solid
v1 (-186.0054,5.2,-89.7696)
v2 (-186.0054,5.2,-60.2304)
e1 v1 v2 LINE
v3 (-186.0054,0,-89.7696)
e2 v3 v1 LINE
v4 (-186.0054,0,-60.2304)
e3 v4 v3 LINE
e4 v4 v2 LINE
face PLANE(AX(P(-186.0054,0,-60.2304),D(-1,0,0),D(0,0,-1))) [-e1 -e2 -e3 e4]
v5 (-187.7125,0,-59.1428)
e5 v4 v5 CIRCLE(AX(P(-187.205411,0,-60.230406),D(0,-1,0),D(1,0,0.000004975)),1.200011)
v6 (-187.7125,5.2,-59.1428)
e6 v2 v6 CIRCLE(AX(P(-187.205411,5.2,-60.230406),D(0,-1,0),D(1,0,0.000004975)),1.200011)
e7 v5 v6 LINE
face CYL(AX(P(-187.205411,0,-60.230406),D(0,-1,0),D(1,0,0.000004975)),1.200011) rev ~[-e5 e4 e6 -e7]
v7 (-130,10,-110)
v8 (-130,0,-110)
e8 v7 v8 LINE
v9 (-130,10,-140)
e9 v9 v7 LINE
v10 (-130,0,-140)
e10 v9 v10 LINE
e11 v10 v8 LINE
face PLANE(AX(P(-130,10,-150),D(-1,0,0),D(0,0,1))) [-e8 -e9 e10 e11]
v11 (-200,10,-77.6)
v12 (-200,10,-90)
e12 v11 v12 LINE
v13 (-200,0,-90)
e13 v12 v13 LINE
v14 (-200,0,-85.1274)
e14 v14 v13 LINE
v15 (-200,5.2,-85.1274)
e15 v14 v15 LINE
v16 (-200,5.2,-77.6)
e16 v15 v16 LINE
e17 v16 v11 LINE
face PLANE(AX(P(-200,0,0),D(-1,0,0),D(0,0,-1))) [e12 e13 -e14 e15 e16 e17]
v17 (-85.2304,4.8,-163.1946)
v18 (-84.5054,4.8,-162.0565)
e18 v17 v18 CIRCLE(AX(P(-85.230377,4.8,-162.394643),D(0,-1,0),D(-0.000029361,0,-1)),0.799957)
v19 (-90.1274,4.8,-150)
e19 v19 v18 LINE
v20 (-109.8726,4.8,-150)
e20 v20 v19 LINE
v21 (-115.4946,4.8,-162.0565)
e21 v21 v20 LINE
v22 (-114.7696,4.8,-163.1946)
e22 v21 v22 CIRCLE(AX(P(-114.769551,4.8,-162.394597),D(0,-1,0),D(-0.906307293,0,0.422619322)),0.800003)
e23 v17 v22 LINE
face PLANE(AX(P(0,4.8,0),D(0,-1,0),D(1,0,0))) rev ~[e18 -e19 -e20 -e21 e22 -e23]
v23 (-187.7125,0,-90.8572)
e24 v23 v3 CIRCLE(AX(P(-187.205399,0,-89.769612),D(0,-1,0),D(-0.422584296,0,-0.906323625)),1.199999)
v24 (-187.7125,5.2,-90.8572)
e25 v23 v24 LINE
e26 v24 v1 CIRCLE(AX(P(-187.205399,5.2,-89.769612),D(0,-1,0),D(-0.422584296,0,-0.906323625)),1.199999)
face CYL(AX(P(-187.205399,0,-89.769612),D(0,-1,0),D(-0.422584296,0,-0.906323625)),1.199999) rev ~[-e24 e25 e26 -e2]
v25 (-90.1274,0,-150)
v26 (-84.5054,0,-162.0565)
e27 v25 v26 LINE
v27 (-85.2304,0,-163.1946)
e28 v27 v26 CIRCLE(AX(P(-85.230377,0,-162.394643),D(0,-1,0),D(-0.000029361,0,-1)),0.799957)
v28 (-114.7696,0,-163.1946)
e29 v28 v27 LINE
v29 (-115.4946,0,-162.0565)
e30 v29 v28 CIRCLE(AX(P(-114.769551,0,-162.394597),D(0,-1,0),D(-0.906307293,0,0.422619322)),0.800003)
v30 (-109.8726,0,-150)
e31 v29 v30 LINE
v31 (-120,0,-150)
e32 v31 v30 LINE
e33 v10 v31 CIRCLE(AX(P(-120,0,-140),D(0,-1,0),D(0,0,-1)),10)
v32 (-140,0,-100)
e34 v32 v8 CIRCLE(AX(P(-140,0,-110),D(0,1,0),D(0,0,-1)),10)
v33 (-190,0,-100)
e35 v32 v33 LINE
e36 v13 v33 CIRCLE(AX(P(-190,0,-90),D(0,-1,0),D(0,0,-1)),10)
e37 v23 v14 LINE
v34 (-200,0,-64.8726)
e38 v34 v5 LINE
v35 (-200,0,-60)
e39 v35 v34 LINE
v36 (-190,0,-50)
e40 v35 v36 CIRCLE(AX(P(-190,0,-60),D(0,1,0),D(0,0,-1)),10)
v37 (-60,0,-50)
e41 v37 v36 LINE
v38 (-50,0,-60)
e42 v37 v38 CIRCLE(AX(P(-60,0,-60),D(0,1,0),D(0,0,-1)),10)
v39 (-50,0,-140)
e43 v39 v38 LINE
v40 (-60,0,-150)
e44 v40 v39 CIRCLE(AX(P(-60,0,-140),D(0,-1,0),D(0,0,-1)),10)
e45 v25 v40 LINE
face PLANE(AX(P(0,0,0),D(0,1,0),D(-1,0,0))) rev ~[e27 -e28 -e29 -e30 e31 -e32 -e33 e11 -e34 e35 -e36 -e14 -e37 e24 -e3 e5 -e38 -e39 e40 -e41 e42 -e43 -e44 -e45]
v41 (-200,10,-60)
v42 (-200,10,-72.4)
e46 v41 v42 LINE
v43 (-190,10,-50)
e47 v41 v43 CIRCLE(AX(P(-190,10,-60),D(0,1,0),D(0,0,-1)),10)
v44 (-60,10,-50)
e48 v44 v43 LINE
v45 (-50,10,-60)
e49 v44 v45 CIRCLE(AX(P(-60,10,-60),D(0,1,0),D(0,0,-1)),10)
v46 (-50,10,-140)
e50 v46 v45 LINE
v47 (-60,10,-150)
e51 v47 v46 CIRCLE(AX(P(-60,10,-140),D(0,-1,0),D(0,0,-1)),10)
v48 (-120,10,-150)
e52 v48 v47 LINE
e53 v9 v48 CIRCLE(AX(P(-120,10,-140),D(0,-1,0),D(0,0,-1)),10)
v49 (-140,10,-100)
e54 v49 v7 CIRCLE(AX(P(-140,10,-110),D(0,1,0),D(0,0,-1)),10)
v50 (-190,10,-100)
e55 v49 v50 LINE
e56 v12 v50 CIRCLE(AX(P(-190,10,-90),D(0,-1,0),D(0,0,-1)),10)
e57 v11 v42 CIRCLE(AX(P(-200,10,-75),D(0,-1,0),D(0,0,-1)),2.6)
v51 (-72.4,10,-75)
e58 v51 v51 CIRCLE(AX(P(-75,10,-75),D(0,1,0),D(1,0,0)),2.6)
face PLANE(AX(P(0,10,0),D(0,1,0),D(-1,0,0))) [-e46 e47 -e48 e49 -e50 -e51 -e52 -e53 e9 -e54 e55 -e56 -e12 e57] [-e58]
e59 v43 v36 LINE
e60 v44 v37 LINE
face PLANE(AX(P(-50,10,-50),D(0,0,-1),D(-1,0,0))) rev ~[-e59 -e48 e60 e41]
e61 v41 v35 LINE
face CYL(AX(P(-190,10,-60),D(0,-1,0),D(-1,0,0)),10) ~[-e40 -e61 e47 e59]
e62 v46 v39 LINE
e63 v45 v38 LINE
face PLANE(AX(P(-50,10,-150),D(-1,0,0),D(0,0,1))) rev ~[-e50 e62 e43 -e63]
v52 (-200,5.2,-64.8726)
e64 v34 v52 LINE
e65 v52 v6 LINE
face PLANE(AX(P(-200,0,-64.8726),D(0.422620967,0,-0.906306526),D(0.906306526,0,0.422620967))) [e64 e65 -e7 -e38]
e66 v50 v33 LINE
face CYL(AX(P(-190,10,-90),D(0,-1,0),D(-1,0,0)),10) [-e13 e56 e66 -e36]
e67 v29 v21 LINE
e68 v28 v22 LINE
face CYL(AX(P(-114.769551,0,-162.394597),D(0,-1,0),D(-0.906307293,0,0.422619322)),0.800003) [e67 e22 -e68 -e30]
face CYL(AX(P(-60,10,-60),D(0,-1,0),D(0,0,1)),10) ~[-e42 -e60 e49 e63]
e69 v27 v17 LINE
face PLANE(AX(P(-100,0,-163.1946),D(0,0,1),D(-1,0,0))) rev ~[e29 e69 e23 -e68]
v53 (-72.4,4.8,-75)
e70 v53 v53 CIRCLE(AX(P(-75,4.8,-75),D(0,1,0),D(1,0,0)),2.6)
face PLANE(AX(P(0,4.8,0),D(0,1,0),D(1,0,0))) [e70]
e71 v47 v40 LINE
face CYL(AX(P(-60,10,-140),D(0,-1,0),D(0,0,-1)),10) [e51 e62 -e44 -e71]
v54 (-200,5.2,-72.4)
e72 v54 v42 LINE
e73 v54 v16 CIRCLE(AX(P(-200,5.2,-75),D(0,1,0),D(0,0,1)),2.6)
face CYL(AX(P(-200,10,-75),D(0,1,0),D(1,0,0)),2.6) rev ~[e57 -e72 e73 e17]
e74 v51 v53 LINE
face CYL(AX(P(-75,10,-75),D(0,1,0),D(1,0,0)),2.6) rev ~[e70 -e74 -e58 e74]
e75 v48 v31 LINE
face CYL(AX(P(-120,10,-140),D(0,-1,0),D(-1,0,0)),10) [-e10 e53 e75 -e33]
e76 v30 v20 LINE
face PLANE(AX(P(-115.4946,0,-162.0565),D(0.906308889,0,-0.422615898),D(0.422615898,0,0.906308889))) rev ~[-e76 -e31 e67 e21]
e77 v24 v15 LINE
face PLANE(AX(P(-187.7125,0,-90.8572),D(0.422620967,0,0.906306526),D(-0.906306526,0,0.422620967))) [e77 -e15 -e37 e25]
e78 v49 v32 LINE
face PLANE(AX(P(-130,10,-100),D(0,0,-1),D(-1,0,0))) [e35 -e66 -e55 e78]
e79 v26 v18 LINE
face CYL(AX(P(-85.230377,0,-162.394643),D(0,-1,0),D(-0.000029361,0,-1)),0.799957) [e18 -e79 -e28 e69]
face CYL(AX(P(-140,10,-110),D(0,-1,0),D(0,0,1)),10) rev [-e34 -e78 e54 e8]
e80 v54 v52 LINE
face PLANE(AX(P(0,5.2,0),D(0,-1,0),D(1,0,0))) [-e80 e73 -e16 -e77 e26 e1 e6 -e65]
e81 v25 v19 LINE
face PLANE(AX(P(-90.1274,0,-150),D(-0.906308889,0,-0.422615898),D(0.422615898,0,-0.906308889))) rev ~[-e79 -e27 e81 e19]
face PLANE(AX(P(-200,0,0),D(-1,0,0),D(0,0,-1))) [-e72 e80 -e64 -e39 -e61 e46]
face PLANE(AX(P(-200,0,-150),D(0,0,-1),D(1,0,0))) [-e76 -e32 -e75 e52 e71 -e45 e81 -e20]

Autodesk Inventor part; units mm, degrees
ref_plane "YZ Plane" through (0, 0, 0) normal (1, 0, 0) x (0, 1, 0)
ref_plane "XZ Plane" through (0, 0, 0) normal (0, 1, 0) x (-1, 0, 0)
ref_plane "XY Plane" through (0, 0, 0) normal (0, 0, 1) x (1, 0, 0)
sketch "Sketch1" plane through (0, 0, 0) normal (0, 1, 0) x (-1, 0, 0)
  line L0 (0, 0) -> (200, 0)
  line L1 (200, 0) -> (200, -150)
  line L2 (200, -150) -> (0, -150)
  line L3 (0, -150) -> (0, 0)
  dimension "d0" = 200
  dimension "d1" = 150
extrude "Extrusion1" add sketch "Sketch1" along normal blind 10
sketch "Sketch2" plane through (0, 0, 0) normal (0, -1, 0) x (1, 0, 0)
  line L0 (-199.8, -85) -> (-186.3697, -85) construction
  line L1 (-187.7125, -90.8572) -> (-200, -85.1274)
  line L2 (-200, -85.1274) -> (-200, -64.8726)
  line L3 (-200, -64.8726) -> (-187.7125, -59.1428)
  arc A0 (-186.0054, -60.2304) -> (-187.7125, -59.1428) centre (-187.2054, -60.2304) ccw
  line L4 (-186.0054, -60.2304) -> (-186.0054, -75)
  line L5 (-186.0054, -75) -> (-186.0054, -89.7696)
  arc A1 (-187.7125, -90.8572) -> (-186.0054, -89.7696) centre (-187.2054, -89.7696) ccw
  line L6 (-200, -150) -> (-200, 0) projected
  point P0 (0, 0)
  point P1 (-186.2054, -91.3393)
  point P2 (-200, -75)
  point P3 (-200, -75)
  dimension "d4" = 15
extrude "Extrusion2" cut sketch "Sketch2" against normal blind 5.2
sketch "Sketch3" plane through (0, 0, 0) normal (0, -1, 0) x (1, 0, 0)
  line L0 (-110, -149.8) -> (-110, -163.2303) construction
  line L1 (-100, -163.1946) -> (-114.7696, -163.1946)
  arc A0 (-115.4946, -162.0565) -> (-114.7696, -163.1946) centre (-114.7696, -162.3946) ccw
  line L2 (-115.4946, -162.0565) -> (-109.8726, -150)
  line L3 (-109.8726, -150) -> (-90.1274, -150)
  line L4 (-90.1274, -150) -> (-84.5054, -162.0565)
  arc A1 (-85.2304, -163.1946) -> (-84.5054, -162.0565) centre (-85.2304, -162.3946) ccw
  line L5 (-85.2304, -163.1946) -> (-100, -163.1946)
  line L6 (0, -150) -> (-200, -150) projected
  point P0 (0, 0)
  point P1 (-100, -150)
  point P2 (-100, -150)
  point P3 (-100, -150)
extrude "Extrusion3" add sketch "Sketch3" against normal blind 4.8
sketch "Sketch4" plane through (0, 10, 0) normal (0, 1, 0) x (1, 0, 0)
  line L0 (-200, 85.1274) -> (-200, 64.8726) projected
  line L1 (0, 0) -> (0, 150) projected
  line L2 (0, 75) -> (-75, 75)
  circle A0 centre (-200, 75) radius 2.6
  circle A1 centre (-75, 75) radius 2.6
  dimension "d12" = 75
  dimension "d13" = 5.2
  dimension "d14" = 5.2
extrude "Extrusion4" cut sketch "Sketch4" against normal blind 5.2
sketch "Sketch5" plane through (0, 10, 0) normal (0, 1, 0) x (1, 0, 0)
  line L0 (-200, 0) -> (0, 0) projected
  line L1 (0, 150) -> (-50, 150)
  line L2 (-50, 150) -> (-50, 0)
  line L3 (-50, 0) -> (0, 0)
  line L4 (0, 0) -> (0, 150)
  line L5 (-200, 0) -> (0, 0)
  line L6 (0, 0) -> (0, 50)
  line L7 (0, 50) -> (-200, 50)
  line L8 (-200, 50) -> (-200, 0)
  line L9 (-200, 150) -> (-130, 150)
  line L10 (-130, 150) -> (-130, 100)
  line L11 (-130, 100) -> (-200, 100)
  line L12 (-200, 100) -> (-200, 150)
  point P0 (-50, 50)
  dimension "d17" = 50
  dimension "d18" = 50
  dimension "d19" = 70
  dimension "d20" = 50
extrude "Extrusion5" cut sketch "Sketch5" against normal blind 15
fillet "Fillet1" radius 10 6 edges at (-50, 5, -150) (-130, 5, -150) (-200, 5, -100) (-130, 5, -100) (-200, 5, -50) (-50, 5, -50)
properties part number "Area nh"
